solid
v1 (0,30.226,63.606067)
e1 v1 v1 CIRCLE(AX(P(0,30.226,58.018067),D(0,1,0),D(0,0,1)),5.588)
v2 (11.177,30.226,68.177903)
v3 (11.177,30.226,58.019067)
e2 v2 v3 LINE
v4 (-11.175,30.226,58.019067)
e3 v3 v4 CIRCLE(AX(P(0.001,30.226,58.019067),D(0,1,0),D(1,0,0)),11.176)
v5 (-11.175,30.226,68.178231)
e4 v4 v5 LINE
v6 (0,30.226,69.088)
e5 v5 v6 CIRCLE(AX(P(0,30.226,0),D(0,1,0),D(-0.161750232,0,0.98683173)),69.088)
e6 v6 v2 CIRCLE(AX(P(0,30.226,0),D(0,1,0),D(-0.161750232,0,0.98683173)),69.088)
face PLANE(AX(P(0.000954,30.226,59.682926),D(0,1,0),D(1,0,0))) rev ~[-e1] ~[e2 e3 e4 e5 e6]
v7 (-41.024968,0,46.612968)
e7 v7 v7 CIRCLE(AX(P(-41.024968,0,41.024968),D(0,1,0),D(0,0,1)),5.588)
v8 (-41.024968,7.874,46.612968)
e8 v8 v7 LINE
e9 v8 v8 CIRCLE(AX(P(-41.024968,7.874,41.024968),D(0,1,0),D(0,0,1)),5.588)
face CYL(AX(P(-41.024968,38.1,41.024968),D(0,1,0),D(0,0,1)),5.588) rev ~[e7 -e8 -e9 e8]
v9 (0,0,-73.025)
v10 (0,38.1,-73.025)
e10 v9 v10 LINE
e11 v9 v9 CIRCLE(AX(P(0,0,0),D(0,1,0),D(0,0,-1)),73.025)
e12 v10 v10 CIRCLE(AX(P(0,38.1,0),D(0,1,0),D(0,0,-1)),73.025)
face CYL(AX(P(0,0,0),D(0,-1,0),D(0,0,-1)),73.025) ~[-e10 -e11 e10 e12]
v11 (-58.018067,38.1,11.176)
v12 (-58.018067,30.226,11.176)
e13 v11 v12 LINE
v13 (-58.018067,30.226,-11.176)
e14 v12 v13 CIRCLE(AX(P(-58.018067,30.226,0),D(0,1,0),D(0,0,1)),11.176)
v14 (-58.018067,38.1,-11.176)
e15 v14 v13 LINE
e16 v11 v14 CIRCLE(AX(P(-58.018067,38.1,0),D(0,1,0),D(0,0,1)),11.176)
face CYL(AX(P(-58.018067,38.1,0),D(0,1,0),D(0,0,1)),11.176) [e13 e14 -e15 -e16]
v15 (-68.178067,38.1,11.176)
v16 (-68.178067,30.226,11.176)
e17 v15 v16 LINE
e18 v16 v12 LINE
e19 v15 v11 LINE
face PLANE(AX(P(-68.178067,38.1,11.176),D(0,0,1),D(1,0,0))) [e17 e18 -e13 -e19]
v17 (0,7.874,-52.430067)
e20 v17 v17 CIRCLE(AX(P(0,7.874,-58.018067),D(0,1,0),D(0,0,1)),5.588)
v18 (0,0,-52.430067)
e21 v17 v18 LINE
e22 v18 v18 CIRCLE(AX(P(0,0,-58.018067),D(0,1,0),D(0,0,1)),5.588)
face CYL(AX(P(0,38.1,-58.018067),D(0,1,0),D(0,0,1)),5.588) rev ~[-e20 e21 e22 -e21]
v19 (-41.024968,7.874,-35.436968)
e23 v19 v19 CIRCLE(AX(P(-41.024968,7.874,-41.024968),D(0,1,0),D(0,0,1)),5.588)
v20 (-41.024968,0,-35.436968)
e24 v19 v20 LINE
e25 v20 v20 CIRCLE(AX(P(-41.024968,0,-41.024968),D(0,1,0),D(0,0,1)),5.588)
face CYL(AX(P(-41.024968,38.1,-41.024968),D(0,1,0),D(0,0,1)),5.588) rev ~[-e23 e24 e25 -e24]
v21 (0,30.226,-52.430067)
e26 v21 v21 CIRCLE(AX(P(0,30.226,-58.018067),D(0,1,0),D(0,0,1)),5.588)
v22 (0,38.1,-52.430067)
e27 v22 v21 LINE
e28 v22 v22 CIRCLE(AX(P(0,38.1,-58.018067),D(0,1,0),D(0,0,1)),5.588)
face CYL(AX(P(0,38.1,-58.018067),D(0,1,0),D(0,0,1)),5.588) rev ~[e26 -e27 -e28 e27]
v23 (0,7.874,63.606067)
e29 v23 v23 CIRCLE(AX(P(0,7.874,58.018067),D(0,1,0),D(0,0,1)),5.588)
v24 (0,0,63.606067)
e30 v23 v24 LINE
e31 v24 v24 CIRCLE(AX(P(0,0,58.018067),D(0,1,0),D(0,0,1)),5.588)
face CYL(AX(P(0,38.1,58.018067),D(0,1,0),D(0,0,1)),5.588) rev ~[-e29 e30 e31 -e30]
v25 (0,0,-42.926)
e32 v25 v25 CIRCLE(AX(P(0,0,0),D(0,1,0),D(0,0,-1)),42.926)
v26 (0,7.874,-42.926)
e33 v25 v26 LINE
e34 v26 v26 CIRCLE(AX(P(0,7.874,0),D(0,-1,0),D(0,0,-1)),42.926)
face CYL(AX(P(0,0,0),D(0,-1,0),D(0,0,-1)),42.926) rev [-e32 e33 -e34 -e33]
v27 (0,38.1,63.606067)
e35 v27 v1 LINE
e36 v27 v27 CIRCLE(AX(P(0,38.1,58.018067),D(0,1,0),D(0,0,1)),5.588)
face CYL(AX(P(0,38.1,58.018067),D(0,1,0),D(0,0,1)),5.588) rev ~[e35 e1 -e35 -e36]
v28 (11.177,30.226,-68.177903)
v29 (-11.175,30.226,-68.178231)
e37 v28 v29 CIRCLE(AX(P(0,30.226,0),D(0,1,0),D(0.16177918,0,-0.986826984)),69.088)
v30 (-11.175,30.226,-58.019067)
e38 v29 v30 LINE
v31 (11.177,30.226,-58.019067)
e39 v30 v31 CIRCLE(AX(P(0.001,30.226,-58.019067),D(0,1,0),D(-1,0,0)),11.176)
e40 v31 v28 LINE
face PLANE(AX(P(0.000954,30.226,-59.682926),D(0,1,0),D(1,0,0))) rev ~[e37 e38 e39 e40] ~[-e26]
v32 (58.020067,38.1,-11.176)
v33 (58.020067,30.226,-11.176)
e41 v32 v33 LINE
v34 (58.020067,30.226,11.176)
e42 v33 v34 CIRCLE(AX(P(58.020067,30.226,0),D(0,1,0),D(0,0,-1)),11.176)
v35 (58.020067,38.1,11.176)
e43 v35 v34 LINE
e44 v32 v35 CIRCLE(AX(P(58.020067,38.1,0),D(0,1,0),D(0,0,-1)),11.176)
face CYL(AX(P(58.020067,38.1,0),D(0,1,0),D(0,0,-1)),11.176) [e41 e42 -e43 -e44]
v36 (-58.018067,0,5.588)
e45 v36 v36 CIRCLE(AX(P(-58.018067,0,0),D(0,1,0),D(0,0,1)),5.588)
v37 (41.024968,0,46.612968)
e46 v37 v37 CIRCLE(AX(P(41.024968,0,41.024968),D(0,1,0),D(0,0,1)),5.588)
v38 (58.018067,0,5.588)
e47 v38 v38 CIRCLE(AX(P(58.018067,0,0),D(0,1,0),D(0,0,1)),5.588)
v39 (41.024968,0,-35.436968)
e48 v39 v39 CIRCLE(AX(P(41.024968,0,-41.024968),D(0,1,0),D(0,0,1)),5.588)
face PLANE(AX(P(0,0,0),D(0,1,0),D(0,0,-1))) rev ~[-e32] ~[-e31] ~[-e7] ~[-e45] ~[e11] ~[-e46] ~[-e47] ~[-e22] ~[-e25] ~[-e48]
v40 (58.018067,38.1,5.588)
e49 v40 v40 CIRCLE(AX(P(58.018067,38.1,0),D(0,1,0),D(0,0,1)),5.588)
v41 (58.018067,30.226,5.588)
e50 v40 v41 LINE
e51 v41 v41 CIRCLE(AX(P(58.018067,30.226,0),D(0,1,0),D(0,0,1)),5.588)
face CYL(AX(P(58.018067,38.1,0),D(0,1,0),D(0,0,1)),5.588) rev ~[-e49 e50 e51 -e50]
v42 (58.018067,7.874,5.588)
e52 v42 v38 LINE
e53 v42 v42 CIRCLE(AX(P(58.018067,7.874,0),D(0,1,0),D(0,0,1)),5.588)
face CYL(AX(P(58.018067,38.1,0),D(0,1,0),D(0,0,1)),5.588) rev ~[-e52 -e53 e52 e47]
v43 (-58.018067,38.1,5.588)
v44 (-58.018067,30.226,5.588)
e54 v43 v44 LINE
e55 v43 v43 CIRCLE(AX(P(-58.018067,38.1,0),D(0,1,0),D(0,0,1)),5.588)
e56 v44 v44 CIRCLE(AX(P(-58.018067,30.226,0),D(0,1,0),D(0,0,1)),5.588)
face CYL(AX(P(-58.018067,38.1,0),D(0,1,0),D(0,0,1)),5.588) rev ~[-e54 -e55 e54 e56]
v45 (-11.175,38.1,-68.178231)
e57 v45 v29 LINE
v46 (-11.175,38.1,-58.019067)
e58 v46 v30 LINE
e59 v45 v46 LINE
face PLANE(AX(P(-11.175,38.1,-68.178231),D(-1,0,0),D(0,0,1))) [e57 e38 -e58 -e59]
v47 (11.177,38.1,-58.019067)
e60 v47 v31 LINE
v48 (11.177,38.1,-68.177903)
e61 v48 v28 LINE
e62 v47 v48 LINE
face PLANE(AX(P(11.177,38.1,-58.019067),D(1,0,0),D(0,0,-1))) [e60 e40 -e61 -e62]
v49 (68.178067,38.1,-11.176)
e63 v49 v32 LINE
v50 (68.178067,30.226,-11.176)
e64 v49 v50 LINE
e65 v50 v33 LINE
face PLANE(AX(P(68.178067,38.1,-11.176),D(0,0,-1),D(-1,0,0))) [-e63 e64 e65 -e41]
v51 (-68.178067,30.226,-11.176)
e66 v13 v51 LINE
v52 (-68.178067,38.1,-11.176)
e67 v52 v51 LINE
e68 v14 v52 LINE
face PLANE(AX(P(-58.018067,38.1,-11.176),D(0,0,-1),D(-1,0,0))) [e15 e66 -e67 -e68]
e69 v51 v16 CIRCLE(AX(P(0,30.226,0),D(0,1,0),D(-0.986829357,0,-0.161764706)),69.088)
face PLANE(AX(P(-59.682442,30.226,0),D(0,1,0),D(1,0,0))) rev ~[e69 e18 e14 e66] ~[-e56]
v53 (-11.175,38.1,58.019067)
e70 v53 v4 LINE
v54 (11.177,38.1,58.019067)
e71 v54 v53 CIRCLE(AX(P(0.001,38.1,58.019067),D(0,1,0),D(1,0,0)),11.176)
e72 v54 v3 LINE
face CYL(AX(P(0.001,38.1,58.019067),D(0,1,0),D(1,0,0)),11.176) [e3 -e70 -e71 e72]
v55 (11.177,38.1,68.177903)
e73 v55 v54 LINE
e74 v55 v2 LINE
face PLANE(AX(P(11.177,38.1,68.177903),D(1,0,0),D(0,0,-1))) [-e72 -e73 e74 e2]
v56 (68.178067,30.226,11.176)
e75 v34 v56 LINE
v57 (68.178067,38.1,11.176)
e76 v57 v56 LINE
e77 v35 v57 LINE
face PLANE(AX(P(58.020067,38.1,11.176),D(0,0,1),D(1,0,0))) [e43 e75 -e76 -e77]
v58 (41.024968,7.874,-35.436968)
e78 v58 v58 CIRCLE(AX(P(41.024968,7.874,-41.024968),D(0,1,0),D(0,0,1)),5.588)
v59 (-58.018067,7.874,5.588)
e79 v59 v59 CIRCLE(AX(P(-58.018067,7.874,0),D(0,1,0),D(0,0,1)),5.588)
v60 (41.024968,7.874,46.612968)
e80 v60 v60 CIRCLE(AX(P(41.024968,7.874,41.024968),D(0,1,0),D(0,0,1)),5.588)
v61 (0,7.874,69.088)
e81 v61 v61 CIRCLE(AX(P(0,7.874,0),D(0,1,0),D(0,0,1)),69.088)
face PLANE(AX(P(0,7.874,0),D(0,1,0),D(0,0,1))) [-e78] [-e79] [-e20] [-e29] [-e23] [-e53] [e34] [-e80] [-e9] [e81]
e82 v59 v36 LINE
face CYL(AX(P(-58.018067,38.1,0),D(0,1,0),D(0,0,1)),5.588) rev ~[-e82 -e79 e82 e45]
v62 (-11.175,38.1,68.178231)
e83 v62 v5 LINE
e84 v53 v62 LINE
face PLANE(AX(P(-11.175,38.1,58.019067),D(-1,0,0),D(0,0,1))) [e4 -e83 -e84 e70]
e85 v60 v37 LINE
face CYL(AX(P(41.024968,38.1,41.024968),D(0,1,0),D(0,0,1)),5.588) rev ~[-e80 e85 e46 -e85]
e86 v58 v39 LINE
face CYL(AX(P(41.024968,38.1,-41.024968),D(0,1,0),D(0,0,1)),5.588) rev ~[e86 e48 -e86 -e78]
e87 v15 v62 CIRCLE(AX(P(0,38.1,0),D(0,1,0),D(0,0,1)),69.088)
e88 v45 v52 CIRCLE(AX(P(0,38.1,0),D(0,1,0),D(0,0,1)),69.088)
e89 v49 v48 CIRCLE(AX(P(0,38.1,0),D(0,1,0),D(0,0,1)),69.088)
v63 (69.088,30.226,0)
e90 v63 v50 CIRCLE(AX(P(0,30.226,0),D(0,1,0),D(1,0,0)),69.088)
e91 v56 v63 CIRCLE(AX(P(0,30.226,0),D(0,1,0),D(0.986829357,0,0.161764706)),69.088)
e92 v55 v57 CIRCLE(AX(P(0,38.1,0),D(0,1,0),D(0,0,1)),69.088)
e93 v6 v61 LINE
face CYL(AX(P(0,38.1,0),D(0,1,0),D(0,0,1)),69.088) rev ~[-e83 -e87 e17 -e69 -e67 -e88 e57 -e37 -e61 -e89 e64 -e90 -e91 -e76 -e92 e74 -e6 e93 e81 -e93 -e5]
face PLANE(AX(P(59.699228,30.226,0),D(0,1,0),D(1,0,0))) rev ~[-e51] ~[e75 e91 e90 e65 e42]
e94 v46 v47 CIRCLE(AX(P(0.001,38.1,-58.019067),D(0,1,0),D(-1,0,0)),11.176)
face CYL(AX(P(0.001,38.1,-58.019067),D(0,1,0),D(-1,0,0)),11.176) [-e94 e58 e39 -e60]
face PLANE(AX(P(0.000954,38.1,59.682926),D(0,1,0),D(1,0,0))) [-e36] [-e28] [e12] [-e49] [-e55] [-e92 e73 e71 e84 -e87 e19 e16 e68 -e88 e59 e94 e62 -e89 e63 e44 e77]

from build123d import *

# Parameters (mm, degrees)
SKETCH1_R           = 73.025
SKETCH1_R_2         = 42.926
BOSS_EXTRUDE1_DEPTH = 38.1
SKETCH2_R           = 69.088
CUT_EXTRUDE1_DEPTH  = 30.226
SKETCH4_R           = 5.588
BOSS_EXTRUDE2_DEPTH = 7.874
SKETCH4_3_R         = 5.588
CUT_EXTRUDE2_DEPTH  = 111.076842478
SKETCH4_4_R         = 5.588
CUT_EXTRUDE3_DEPTH  = 111.076842478


with BuildPart() as part:
    # Sketch1 → Boss-Extrude1 (new body)
    with BuildSketch(Plane(origin=(0, 0, 0), x_dir=(1, 0, 0), z_dir=(0, 1, 0))):
        Circle(SKETCH1_R)
        Circle(SKETCH1_R_2, mode=Mode.SUBTRACT)
    extrude(amount=BOSS_EXTRUDE1_DEPTH)

    # Sketch2 → Cut-Extrude1 (cut)
    with BuildSketch(Plane(origin=(0, 38.1, 0), x_dir=(1, 0, 0), z_dir=(0, 1, 0))):
        Circle(SKETCH2_R)
    extrude(amount=-CUT_EXTRUDE1_DEPTH, mode=Mode.SUBTRACT)

    # Sketch4 → Boss-Extrude2 (add)
    # profile 1 of 4: a face of its own
    with BuildSketch(Plane(origin=(0, 38.1, 0), x_dir=(1, 0, 0), z_dir=(0, 1, 0))):
        with BuildLine():
            Line((-58.01806662, 11.176), (-68.17806662, 11.176))
            ThreePointArc((-68.17806662, 11.176), (-69.088, 0), (-68.17806662, -11.176))
            Line((-68.17806662, -11.176), (-58.01806662, -11.176))
            ThreePointArc((-58.01806662, -11.176), (-46.84206662, 0), (-58.01806662, 11.176))
        make_face()
        with Locations((-58.01806662, 0)):
            Circle(SKETCH4_R, mode=Mode.SUBTRACT)
    # profile 2 of 4: a face of its own
    with BuildSketch(Plane(origin=(0, 38.1, 0), x_dir=(1, 0, 0), z_dir=(0, 1, 0))):
        with BuildLine():
            ThreePointArc((11.177, 68.177902688), (0.001013346, 69.087999993), (-11.175, 68.178230536))
            Line((-11.175, 68.178230536), (-11.175, 58.01906662))
            ThreePointArc((-11.175, 58.01906662), (0.001, 46.84306662), (11.177, 58.01906662))
            Line((11.177, 58.01906662), (11.177, 68.177902688))
        make_face()
        with Locations((0, 58.01806662)):
            Circle(SKETCH4_R, mode=Mode.SUBTRACT)
    # profile 3 of 4: a face of its own
    with BuildSketch(Plane(origin=(0, 38.1, 0), x_dir=(1, 0, 0), z_dir=(0, 1, 0))):
        with BuildLine():
            Line((-11.175, -58.01906662), (-11.175, -68.178230536))
            ThreePointArc((-11.175, -68.178230536), (0.001013346, -69.087999993), (11.177, -68.177902688))
            Line((11.177, -68.177902688), (11.177, -58.01906662))
            ThreePointArc((11.177, -58.01906662), (0.001, -46.84306662), (-11.175, -58.01906662))
        make_face()
        with Locations((0, -58.01806662)):
            Circle(SKETCH4_R, mode=Mode.SUBTRACT)
    # profile 4 of 4: a face of its own
    with BuildSketch(Plane(origin=(0, 38.1, 0), x_dir=(1, 0, 0), z_dir=(0, 1, 0))):
        with BuildLine():
            ThreePointArc((68.17806662, -11.176), (69.088, 0), (68.17806662, 11.176))
            Line((68.17806662, 11.176), (58.02006662, 11.176))
            ThreePointArc((58.02006662, 11.176), (46.84406662, 0), (58.02006662, -11.176))
            Line((58.02006662, -11.176), (68.17806662, -11.176))
        make_face()
        with Locations((58.01806662, 0)):
            Circle(SKETCH4_R, mode=Mode.SUBTRACT)
    extrude(amount=-BOSS_EXTRUDE2_DEPTH)

    # Sketch4<3> → Cut-Extrude2 (cut, through all)
    with BuildSketch(Plane(origin=(0, 38.1, 0), x_dir=(1, 0, 0), z_dir=(0, 1, 0))):
        with Locations((-41.024968338, 41.024968338)):
            Circle(SKETCH4_3_R)
        with Locations((41.024968338, 41.024968338)):
            Circle(SKETCH4_3_R)
        with Locations((41.024968338, -41.024968338)):
            Circle(SKETCH4_3_R)
        with Locations((-41.024968338, -41.024968338)):
            Circle(SKETCH4_3_R)
    extrude(amount=-CUT_EXTRUDE2_DEPTH, mode=Mode.SUBTRACT)

    # Sketch4<4> → Cut-Extrude3 (cut, through all)
    with BuildSketch(Plane(origin=(0, 38.1, 0), x_dir=(1, 0, 0), z_dir=(0, 1, 0))):
        with Locations((-58.01806662, 0)):
            Circle(SKETCH4_4_R)
        with Locations((0, 58.01806662)):
            Circle(SKETCH4_4_R)
        with Locations((58.01806662, 0)):
            Circle(SKETCH4_4_R)
        with Locations((0, -58.01806662)):
            Circle(SKETCH4_4_R)
    extrude(amount=-CUT_EXTRUDE3_DEPTH, mode=Mode.SUBTRACT)


solid = part.part
